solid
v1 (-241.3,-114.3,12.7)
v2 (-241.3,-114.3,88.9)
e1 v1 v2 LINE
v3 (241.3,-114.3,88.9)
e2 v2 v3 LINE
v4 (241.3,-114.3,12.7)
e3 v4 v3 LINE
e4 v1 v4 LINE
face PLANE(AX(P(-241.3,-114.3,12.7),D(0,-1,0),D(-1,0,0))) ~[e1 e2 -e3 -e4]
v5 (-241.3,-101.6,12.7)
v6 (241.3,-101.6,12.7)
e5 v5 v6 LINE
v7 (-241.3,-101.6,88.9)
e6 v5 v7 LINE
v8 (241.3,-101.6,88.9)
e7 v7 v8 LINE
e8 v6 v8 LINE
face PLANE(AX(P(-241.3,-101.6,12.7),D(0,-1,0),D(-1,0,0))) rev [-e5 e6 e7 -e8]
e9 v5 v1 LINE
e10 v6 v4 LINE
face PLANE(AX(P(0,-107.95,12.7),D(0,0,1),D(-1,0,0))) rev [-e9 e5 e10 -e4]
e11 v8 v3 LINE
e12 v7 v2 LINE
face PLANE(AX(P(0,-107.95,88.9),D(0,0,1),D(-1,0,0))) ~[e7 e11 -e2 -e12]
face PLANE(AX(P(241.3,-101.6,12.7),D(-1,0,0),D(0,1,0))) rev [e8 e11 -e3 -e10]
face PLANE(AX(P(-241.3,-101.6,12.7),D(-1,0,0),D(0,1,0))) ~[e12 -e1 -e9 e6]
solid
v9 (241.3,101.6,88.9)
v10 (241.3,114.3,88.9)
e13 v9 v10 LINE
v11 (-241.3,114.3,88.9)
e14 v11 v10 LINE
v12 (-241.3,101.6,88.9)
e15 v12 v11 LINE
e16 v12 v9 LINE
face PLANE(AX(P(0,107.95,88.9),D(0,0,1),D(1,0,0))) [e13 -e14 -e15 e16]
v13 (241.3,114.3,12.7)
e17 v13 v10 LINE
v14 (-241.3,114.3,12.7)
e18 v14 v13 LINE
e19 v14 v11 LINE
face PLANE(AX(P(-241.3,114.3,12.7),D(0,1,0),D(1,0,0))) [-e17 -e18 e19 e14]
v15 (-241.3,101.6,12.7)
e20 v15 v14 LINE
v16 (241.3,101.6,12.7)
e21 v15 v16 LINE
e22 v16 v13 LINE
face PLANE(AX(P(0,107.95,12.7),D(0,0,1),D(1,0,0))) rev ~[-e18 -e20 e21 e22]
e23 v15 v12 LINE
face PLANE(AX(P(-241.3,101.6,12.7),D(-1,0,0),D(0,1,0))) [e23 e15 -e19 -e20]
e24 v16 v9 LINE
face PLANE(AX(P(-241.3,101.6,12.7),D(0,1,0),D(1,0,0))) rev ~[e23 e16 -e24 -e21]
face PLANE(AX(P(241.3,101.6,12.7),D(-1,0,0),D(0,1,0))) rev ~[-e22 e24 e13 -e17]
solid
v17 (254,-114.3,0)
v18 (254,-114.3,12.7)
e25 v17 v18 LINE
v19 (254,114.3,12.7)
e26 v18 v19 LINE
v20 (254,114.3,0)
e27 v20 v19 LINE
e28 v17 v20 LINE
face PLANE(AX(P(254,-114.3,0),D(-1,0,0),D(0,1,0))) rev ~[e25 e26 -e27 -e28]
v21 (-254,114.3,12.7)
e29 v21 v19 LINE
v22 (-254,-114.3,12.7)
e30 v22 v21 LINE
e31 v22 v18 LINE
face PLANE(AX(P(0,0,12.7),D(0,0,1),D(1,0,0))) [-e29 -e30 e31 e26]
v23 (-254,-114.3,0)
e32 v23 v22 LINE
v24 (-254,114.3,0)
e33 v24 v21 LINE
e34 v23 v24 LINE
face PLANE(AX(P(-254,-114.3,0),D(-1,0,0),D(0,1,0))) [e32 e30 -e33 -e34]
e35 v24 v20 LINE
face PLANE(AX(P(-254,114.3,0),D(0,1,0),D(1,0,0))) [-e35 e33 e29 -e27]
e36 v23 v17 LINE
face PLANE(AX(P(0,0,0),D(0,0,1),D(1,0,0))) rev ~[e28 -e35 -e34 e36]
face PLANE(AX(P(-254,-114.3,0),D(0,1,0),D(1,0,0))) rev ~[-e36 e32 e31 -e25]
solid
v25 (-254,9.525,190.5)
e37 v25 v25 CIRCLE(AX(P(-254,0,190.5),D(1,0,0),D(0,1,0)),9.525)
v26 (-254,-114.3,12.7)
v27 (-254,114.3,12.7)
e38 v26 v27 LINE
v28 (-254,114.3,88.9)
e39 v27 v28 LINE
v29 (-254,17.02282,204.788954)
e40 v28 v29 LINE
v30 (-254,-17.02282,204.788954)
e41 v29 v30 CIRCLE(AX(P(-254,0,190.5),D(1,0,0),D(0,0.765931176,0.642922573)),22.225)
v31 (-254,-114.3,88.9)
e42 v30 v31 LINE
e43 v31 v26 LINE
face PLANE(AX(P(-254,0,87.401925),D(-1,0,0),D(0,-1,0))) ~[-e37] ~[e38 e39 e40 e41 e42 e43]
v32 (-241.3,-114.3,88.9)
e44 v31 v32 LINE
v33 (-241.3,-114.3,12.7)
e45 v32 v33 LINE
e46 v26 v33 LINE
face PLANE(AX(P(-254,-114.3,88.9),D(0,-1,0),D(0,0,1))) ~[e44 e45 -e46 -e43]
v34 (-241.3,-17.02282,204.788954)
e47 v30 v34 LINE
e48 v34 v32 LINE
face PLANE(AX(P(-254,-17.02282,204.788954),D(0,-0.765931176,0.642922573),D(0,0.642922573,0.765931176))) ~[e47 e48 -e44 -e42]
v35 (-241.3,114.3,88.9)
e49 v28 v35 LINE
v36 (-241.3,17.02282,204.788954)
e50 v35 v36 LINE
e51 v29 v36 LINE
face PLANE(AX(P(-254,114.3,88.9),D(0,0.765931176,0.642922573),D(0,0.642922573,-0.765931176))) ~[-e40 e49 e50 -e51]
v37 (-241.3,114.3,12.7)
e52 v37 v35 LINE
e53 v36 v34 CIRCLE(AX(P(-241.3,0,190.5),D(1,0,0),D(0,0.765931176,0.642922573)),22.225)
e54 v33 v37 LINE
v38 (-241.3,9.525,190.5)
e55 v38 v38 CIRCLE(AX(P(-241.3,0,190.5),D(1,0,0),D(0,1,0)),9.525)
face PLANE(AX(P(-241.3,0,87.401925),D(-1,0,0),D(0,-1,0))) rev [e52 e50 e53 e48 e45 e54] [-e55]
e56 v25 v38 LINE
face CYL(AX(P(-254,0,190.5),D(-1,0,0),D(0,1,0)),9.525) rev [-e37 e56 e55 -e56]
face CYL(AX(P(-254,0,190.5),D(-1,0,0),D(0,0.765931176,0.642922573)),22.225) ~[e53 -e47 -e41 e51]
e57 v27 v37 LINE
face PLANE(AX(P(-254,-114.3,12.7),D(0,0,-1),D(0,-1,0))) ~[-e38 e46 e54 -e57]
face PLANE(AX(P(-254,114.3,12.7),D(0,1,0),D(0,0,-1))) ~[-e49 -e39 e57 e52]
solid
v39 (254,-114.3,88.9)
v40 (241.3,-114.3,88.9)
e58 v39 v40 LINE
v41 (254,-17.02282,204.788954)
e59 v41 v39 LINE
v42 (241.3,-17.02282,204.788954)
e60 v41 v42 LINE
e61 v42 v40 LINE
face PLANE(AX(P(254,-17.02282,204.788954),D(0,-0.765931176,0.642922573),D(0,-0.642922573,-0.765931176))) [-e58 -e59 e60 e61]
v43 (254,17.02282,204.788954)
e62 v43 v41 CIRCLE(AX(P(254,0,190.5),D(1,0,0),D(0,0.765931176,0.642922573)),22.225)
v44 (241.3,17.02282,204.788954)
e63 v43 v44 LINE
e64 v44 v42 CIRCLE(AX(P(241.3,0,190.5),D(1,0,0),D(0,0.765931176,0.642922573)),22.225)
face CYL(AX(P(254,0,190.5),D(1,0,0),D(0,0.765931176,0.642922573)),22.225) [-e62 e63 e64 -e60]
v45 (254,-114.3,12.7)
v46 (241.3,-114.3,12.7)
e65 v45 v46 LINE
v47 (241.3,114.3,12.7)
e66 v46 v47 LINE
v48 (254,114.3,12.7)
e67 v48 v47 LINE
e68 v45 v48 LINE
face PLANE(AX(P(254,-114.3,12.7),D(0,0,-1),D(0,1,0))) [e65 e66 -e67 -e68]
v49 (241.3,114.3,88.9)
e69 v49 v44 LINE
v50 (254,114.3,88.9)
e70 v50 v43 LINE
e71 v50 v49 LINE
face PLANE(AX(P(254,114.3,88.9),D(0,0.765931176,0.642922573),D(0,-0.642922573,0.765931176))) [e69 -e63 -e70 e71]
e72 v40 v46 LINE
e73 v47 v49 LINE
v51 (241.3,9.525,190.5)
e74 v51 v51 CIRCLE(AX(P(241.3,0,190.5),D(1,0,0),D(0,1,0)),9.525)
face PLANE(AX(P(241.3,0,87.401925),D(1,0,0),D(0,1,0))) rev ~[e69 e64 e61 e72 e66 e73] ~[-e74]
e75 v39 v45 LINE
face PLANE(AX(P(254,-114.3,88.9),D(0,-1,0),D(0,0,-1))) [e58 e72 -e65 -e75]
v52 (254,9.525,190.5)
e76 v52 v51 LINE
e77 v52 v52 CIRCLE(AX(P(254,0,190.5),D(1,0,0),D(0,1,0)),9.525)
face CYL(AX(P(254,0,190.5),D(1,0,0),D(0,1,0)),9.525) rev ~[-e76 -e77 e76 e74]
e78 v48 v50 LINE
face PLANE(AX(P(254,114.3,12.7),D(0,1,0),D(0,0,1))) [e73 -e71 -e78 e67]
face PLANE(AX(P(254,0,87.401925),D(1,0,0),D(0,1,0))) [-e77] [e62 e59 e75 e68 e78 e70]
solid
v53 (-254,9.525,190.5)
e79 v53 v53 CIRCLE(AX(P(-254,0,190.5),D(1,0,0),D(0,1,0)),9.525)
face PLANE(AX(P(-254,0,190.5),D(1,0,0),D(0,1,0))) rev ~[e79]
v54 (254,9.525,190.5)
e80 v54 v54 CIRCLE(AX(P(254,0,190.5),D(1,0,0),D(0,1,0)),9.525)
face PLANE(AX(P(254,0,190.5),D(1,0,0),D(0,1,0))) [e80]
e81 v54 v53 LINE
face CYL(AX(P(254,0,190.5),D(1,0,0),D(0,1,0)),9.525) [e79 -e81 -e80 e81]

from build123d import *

# Parameters (mm, degrees)
F0_W     = 508
F0_H     = 228.6
F1_DEPTH = 12.7
F2_R     = 9.525
F3_DEPTH = 12.7
F5_W     = 482.6
F5_H     = 12.7
F6_DEPTH = 76.2
F8_DEPTH = 508


with BuildPart() as f1:
    # F0 (on Top) → F1 (new body)
    with BuildSketch(Plane.XY):
        Rectangle(F0_W, F0_H)
    extrude(amount=F1_DEPTH)


with BuildPart() as f3:
    # F2 (on face) → F3 (new body)
    with BuildSketch(Plane.YZ.offset(254)):
        with BuildLine():
            Line((-114.3, 88.9), (-114.3, 12.7))
            Line((-114.3, 12.7), (114.3, 12.7))
            Line((114.3, 12.7), (114.3, 88.9))
            Line((114.3, 88.9), (17.0228203773, 204.7889541745))
            ThreePointArc((17.0228203773, 204.7889541745), (0, 212.725), (-17.0228203773, 204.7889541745))
            Line((-17.0228203773, 204.7889541745), (-114.3, 88.9))
        make_face()
        with Locations((0, 190.5)):
            Circle(F2_R, mode=Mode.SUBTRACT)
    extrude(amount=-F3_DEPTH)


with BuildPart() as f4_1:
    # F4: instance of F3
    add(f3.part.mirror(Plane.YZ))


with BuildPart() as f6:
    # F5 (on face) → F6 (new body, through all)
    with BuildSketch(Plane.XY.offset(12.7)):
        with Locations((0, 107.95)):
            Rectangle(F5_W, F5_H)
    extrude(amount=F6_DEPTH)


with BuildPart() as f7_1:
    # F7: instance of F6
    add(f6.part.mirror(Plane.XZ))


with BuildPart() as f8:
    # F2 (on face) → F8 (new body, through all)
    with BuildSketch(Plane.YZ.offset(254)):
        with Locations((0, 190.5)):
            Circle(F2_R)
    extrude(amount=-F8_DEPTH)


solid = Compound([f1.part, f3.part, f4_1.part, f6.part, f7_1.part, f8.part])
